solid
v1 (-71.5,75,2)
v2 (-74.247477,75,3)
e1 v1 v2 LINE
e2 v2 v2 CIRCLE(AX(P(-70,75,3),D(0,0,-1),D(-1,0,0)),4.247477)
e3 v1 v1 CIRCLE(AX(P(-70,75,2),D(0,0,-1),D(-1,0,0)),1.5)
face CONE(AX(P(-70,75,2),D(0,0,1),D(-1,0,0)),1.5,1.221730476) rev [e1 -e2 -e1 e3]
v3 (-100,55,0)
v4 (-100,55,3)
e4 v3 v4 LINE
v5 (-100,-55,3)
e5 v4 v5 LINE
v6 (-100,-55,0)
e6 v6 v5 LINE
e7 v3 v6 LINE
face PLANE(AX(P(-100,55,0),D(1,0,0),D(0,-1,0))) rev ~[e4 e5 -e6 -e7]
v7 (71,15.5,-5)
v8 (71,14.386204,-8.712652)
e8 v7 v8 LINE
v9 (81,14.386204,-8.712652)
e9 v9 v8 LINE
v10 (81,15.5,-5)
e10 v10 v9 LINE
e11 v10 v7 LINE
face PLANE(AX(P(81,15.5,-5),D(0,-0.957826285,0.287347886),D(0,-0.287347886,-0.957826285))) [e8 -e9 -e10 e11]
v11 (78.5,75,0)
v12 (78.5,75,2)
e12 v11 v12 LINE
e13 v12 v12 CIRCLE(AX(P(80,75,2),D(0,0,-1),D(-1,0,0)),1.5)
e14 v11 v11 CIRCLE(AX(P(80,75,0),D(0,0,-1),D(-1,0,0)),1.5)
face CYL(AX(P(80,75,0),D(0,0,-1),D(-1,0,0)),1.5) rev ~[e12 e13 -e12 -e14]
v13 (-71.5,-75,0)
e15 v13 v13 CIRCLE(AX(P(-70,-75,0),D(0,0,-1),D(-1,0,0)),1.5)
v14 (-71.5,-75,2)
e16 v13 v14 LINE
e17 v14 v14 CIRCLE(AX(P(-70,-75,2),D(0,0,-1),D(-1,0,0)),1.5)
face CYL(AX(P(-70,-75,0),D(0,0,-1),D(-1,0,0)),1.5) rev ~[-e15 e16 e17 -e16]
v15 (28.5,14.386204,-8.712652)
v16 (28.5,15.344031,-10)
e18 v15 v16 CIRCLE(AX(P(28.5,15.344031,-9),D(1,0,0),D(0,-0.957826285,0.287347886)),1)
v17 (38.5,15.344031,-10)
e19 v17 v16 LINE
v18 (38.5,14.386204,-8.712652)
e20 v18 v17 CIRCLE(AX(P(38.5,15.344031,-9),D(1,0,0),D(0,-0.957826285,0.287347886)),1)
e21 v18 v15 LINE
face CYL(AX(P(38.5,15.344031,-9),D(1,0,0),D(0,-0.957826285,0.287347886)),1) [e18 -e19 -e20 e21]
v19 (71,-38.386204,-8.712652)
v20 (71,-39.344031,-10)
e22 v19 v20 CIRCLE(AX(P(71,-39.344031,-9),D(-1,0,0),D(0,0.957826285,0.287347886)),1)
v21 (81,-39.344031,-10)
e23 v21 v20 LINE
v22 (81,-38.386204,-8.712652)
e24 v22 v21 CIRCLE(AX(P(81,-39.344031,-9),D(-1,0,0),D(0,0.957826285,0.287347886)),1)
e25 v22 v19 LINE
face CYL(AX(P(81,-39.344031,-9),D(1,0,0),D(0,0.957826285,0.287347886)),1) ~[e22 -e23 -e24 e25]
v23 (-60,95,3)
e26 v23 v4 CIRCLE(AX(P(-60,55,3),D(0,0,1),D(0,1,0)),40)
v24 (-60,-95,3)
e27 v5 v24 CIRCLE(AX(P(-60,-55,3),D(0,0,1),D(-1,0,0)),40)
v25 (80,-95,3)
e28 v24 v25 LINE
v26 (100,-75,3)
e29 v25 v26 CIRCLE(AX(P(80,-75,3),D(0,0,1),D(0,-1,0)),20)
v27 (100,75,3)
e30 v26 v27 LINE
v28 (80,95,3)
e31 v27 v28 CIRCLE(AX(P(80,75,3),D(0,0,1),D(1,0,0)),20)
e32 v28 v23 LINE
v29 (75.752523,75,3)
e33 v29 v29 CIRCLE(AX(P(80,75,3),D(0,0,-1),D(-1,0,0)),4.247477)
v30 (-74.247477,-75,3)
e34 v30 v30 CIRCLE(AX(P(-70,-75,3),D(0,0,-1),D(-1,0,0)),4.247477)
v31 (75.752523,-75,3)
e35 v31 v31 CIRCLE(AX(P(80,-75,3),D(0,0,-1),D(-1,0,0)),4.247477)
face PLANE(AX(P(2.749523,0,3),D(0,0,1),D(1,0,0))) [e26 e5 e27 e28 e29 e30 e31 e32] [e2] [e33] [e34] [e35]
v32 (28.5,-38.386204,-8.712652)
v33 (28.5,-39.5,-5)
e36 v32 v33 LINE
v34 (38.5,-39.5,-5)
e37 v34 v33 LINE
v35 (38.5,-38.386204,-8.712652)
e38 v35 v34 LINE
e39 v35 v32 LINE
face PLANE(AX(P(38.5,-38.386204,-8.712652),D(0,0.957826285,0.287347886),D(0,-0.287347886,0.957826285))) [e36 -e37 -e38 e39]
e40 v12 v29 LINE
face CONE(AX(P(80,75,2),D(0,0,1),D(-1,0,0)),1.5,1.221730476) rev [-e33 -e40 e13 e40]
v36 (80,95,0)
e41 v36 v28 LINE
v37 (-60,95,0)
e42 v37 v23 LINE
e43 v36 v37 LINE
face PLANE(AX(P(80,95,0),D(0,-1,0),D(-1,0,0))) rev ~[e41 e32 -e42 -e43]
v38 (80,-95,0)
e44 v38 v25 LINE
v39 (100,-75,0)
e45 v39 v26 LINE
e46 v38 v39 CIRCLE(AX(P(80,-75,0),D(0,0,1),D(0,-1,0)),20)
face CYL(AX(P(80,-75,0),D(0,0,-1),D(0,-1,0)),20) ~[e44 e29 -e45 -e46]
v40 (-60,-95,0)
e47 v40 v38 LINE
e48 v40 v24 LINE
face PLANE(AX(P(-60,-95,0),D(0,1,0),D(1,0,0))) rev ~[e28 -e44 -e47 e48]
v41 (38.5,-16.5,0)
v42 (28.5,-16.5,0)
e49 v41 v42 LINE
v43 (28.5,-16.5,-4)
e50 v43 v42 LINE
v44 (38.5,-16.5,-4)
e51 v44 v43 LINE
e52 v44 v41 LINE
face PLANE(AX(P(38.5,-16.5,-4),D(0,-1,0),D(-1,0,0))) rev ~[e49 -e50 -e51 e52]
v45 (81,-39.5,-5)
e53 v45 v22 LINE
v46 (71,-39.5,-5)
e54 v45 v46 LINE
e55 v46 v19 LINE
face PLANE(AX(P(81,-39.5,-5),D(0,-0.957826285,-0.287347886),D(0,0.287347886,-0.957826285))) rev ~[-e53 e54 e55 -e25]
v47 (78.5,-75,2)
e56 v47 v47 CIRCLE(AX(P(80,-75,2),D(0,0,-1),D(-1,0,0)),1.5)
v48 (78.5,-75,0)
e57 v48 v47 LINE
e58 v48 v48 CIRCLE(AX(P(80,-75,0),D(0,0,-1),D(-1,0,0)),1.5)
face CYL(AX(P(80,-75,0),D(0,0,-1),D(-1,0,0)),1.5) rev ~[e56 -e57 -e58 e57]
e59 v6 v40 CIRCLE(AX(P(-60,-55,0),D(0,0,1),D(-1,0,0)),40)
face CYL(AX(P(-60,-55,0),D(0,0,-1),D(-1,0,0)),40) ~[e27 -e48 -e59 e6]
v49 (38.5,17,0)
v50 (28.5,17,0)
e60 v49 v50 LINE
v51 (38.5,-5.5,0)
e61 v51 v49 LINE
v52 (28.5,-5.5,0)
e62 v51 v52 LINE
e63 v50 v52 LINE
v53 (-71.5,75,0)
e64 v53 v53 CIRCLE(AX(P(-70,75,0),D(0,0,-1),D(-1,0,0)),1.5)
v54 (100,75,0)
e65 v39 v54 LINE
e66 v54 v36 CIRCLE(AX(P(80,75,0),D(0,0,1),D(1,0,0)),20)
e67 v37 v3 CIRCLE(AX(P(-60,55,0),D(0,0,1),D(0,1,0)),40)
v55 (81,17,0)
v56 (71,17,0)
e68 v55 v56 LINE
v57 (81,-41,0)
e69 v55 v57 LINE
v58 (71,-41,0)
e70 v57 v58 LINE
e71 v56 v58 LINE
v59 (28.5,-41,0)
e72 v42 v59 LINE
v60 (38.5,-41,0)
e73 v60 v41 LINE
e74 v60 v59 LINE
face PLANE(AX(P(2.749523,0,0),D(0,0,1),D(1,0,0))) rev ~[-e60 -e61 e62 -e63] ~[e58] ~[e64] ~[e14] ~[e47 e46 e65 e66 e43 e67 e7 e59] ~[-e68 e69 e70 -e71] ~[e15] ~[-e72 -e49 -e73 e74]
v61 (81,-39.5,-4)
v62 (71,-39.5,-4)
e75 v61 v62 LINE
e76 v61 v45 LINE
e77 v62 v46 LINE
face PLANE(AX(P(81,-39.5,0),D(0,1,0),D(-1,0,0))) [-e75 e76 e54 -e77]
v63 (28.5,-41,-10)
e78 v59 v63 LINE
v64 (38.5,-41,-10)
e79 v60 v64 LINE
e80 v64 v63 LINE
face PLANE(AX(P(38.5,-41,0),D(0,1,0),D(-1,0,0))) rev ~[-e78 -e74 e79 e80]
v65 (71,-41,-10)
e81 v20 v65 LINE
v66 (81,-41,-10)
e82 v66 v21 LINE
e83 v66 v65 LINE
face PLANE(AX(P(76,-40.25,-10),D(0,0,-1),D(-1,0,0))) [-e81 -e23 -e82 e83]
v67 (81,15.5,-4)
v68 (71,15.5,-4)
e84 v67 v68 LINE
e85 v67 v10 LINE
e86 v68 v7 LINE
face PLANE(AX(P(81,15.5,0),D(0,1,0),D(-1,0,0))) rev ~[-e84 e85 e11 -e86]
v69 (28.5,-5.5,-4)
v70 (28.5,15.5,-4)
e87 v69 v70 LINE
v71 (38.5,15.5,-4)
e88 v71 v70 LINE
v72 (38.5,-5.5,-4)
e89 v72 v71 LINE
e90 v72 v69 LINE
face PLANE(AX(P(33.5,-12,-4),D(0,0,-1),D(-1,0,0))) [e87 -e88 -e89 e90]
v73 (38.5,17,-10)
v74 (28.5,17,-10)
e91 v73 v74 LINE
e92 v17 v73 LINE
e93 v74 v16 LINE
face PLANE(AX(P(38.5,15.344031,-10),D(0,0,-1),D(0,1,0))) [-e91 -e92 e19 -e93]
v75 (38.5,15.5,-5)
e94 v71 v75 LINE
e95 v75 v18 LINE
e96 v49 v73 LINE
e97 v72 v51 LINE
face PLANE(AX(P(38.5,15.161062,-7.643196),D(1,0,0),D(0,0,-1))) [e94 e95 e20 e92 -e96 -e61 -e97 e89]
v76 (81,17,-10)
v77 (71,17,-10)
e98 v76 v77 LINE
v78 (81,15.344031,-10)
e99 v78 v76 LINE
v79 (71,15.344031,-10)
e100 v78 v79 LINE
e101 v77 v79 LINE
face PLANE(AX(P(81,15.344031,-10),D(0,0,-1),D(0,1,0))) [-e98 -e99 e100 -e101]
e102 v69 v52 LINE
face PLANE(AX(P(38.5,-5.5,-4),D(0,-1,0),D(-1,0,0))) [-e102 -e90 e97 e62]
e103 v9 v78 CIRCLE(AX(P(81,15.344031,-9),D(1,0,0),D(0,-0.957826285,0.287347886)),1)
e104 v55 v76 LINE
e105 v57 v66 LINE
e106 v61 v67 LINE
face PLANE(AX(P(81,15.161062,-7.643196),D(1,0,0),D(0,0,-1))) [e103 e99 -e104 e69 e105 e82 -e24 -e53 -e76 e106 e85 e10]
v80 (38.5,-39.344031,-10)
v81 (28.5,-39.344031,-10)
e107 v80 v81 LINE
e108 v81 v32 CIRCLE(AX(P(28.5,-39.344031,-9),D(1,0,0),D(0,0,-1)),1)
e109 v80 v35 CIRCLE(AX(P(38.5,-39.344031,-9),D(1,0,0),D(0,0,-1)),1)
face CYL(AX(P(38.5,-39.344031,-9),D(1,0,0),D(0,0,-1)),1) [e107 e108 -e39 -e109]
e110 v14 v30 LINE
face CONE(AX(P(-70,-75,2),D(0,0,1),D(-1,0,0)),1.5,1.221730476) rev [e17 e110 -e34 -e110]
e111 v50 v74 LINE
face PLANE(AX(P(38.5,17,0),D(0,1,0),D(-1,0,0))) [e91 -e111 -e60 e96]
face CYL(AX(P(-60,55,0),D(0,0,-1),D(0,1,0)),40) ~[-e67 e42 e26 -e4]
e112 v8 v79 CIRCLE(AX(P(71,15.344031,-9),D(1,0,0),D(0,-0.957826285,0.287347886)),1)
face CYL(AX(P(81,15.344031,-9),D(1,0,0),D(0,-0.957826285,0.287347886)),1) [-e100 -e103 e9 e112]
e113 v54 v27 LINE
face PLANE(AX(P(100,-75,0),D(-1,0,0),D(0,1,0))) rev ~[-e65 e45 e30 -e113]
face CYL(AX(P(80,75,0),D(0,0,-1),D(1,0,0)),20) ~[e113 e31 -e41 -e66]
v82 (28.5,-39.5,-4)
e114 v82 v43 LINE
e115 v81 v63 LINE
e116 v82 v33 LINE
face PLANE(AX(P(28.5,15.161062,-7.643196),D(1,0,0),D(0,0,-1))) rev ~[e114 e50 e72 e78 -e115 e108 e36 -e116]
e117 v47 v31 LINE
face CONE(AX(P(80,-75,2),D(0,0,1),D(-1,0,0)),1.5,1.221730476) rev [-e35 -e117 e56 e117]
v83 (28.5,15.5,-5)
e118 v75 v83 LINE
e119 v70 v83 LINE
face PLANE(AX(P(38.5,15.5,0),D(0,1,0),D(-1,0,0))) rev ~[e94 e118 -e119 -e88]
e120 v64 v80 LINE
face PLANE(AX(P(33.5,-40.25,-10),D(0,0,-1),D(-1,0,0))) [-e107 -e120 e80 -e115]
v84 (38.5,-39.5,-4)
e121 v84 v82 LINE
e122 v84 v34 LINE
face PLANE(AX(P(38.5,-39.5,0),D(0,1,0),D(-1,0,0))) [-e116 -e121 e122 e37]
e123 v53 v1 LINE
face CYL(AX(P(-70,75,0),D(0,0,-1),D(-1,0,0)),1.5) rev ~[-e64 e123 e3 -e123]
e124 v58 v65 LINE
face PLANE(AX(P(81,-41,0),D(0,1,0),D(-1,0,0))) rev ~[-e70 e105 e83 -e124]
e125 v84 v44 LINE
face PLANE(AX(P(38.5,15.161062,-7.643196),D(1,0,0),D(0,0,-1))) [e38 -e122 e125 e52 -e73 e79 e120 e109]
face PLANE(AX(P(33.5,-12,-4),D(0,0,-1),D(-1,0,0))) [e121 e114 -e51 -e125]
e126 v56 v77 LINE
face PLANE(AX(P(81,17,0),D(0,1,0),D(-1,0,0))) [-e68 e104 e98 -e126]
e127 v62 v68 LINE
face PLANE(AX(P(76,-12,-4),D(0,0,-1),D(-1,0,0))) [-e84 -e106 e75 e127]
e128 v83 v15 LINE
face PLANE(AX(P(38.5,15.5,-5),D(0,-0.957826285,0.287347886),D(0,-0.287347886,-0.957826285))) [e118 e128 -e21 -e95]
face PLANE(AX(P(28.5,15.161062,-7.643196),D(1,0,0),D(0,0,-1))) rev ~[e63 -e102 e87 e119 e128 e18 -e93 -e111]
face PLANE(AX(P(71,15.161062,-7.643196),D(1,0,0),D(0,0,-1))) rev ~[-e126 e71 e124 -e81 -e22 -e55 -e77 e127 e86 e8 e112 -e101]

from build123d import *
from OCP.BRepFilletAPI import BRepFilletAPI_MakeChamfer

# Parameters (mm, degrees)
BASE_DEPTH                   = 3
SKETCH2_R                    = 1.5
SCREWHOLES_DEPTH             = 138.963763358
CHAMFER1_SIZE                = 1
CHAMFER1_SIZE2               = 2.747477419
SKETCH3_W                    = 10
SKETCH3_H                    = 55
ARDUINORISERS_DEPTH          = 4
SKETCH4_W                    = 10
SKETCH4_H                    = 1.5
ARDUINOCLAMPSSIDE_DEPTH      = 10
ARDUINOCLAMPSCATCHERS1_DEPTH = 10
ARDUINOCLAMPSCATCHERS2_DEPTH = 10
SKETCH7_W                    = 10
SKETCH7_H                    = 11
ISPSPACE_DEPTH               = 4


with BuildPart() as part:
    # Sketch1 → base (new body)
    with BuildSketch(Plane.XY):
        with BuildLine():
            Line((80, 95), (-60, 95))
            ThreePointArc((-60, 95), (-88.284271247, 83.284271247), (-100, 55))
            Line((-100, 55), (-100, -55))
            ThreePointArc((-100, -55), (-88.284271247, -83.284271247), (-60, -95))
            Line((-60, -95), (80, -95))
            ThreePointArc((80, -95), (94.142135624, -89.142135624), (100, -75))
            Line((100, -75), (100, 75))
            ThreePointArc((100, 75), (94.142135624, 89.142135624), (80, 95))
        make_face()
    extrude(amount=BASE_DEPTH)

    # Sketch2 → screwHoles (cut, through all)
    with BuildSketch(Plane(origin=(0, 0, 0), x_dir=(-1, 0, 0), z_dir=(0, 0, -1))):
        with Locations((-80, 75)):
            Circle(SKETCH2_R)
        with Locations((-80, -75)):
            Circle(SKETCH2_R)
        with Locations((70, -75)):
            Circle(SKETCH2_R)
        with Locations((70, 75)):
            Circle(SKETCH2_R)
    extrude(amount=-SCREWHOLES_DEPTH, mode=Mode.SUBTRACT)

    # Chamfer1: one chamfer whose edges measure the first distance from different faces: ONE call of the kernel's chamfer builder (chamfer() names one face for all edges)
    chamfer1_edges_1 = [part.edges().sort_by_distance(p)[0] for p in [
        (81.5, 75, 3),
    ]]
    chamfer1_side_1 = [part.faces().sort_by_distance(p)[0] for p in [
        (81.5, 75, 1.5),
    ]]
    chamfer1_edges_2 = [part.edges().sort_by_distance(p)[0] for p in [
        (81.5, -75, 3),
    ]]
    chamfer1_side_2 = [part.faces().sort_by_distance(p)[0] for p in [
        (81.5, -75, 1.5),
    ]]
    chamfer1_edges_3 = [part.edges().sort_by_distance(p)[0] for p in [
        (-68.5, -75, 3),
    ]]
    chamfer1_side_3 = [part.faces().sort_by_distance(p)[0] for p in [
        (-68.5, -75, 1.5),
    ]]
    chamfer1_edges_4 = [part.edges().sort_by_distance(p)[0] for p in [
        (-68.5, 75, 3),
    ]]
    chamfer1_side_4 = [part.faces().sort_by_distance(p)[0] for p in [
        (-68.5, 75, 1.5),
    ]]
    chamfer1 = BRepFilletAPI_MakeChamfer(part.part.solid().wrapped)
    for e in chamfer1_edges_1:
        chamfer1.Add(CHAMFER1_SIZE, CHAMFER1_SIZE2, e.wrapped, chamfer1_side_1[0].wrapped)  # the first distance lies on this face
    for e in chamfer1_edges_2:
        chamfer1.Add(CHAMFER1_SIZE, CHAMFER1_SIZE2, e.wrapped, chamfer1_side_2[0].wrapped)  # the first distance lies on this face
    for e in chamfer1_edges_3:
        chamfer1.Add(CHAMFER1_SIZE, CHAMFER1_SIZE2, e.wrapped, chamfer1_side_3[0].wrapped)  # the first distance lies on this face
    for e in chamfer1_edges_4:
        chamfer1.Add(CHAMFER1_SIZE, CHAMFER1_SIZE2, e.wrapped, chamfer1_side_4[0].wrapped)  # the first distance lies on this face
    add(Compound.cast(chamfer1.Shape()), mode=Mode.REPLACE)

    # Sketch3 → arduinoRisers (add)
    with BuildSketch(Plane(origin=(0, 0, 0), x_dir=(-1, 0, 0), z_dir=(0, 0, -1))):
        with Locations((-76, -12)):
            Rectangle(SKETCH3_W, SKETCH3_H)
        with Locations((-33.5, -12)):
            Rectangle(SKETCH3_W, SKETCH3_H)
    extrude(amount=ARDUINORISERS_DEPTH)

    # Sketch4 → arduinoClampsSide (add)
    with BuildSketch(Plane(origin=(0, 0, 0), x_dir=(-1, 0, 0), z_dir=(0, 0, -1))):
        with Locations((-76, -40.25)):
            Rectangle(SKETCH4_W, SKETCH4_H)
        with Locations((-33.5, -40.25)):
            Rectangle(SKETCH4_W, SKETCH4_H)
        with Locations((-76, 16.25)):
            Rectangle(SKETCH4_W, SKETCH4_H)
        with Locations((-33.5, 16.25)):
            Rectangle(SKETCH4_W, SKETCH4_H)
    extrude(amount=ARDUINOCLAMPSSIDE_DEPTH)

    # Sketch5 → arduinoClampsCatchers1 (add)
    with BuildSketch(Plane(origin=(81, 0, 0), x_dir=(0, 0, -1), z_dir=(1, 0, 0))):
        with BuildLine():
            Line((5, 15.5), (8.712652114, 14.386204366))
            ThreePointArc((8.712652114, 14.386204366), (9.59693053, 14.541737723), (10, 15.344030651))
            Line((10, 15.344030651), (10, 15.5))
            Line((10, 15.5), (5, 15.5))
        make_face()
        with BuildLine():
            Line((5, -39.5), (8.712652114, -38.386204366))
            ThreePointArc((8.712652114, -38.386204366), (9.59693053, -38.541737723), (10, -39.344030651))
            Line((10, -39.344030651), (10, -39.5))
            Line((10, -39.5), (5, -39.5))
        make_face()
    extrude(amount=-ARDUINOCLAMPSCATCHERS1_DEPTH)

    # Sketch6 → arduinoClampsCatchers2 (add)
    with BuildSketch(Plane(origin=(38.5, 0, 0), x_dir=(0, 0, -1), z_dir=(1, 0, 0))):
        with BuildLine():
            Line((5, 15.5), (8.712652114, 14.386204366))
            ThreePointArc((8.712652114, 14.386204366), (9.59693053, 14.541737723), (10, 15.344030651))
            Line((10, 15.344030651), (10, 15.5))
            Line((10, 15.5), (5, 15.5))
        make_face()
        with BuildLine():
            Line((8.712652114, -38.386204366), (5, -39.5))
            Line((5, -39.5), (10, -39.5))
            Line((10, -39.5), (10, -39.344030651))
            ThreePointArc((10, -39.344030651), (9.59693053, -38.541737723), (8.712652114, -38.386204366))
        make_face()
    extrude(amount=-ARDUINOCLAMPSCATCHERS2_DEPTH)

    # Sketch7 → ISPspace (cut)
    with BuildSketch(Plane(origin=(0, 0, -4), x_dir=(-1, 0, 0), z_dir=(0, 0, -1))):
        with Locations((-33.5, -11)):
            Rectangle(SKETCH7_W, SKETCH7_H)
    extrude(amount=-ISPSPACE_DEPTH, mode=Mode.SUBTRACT)


solid = part.part
